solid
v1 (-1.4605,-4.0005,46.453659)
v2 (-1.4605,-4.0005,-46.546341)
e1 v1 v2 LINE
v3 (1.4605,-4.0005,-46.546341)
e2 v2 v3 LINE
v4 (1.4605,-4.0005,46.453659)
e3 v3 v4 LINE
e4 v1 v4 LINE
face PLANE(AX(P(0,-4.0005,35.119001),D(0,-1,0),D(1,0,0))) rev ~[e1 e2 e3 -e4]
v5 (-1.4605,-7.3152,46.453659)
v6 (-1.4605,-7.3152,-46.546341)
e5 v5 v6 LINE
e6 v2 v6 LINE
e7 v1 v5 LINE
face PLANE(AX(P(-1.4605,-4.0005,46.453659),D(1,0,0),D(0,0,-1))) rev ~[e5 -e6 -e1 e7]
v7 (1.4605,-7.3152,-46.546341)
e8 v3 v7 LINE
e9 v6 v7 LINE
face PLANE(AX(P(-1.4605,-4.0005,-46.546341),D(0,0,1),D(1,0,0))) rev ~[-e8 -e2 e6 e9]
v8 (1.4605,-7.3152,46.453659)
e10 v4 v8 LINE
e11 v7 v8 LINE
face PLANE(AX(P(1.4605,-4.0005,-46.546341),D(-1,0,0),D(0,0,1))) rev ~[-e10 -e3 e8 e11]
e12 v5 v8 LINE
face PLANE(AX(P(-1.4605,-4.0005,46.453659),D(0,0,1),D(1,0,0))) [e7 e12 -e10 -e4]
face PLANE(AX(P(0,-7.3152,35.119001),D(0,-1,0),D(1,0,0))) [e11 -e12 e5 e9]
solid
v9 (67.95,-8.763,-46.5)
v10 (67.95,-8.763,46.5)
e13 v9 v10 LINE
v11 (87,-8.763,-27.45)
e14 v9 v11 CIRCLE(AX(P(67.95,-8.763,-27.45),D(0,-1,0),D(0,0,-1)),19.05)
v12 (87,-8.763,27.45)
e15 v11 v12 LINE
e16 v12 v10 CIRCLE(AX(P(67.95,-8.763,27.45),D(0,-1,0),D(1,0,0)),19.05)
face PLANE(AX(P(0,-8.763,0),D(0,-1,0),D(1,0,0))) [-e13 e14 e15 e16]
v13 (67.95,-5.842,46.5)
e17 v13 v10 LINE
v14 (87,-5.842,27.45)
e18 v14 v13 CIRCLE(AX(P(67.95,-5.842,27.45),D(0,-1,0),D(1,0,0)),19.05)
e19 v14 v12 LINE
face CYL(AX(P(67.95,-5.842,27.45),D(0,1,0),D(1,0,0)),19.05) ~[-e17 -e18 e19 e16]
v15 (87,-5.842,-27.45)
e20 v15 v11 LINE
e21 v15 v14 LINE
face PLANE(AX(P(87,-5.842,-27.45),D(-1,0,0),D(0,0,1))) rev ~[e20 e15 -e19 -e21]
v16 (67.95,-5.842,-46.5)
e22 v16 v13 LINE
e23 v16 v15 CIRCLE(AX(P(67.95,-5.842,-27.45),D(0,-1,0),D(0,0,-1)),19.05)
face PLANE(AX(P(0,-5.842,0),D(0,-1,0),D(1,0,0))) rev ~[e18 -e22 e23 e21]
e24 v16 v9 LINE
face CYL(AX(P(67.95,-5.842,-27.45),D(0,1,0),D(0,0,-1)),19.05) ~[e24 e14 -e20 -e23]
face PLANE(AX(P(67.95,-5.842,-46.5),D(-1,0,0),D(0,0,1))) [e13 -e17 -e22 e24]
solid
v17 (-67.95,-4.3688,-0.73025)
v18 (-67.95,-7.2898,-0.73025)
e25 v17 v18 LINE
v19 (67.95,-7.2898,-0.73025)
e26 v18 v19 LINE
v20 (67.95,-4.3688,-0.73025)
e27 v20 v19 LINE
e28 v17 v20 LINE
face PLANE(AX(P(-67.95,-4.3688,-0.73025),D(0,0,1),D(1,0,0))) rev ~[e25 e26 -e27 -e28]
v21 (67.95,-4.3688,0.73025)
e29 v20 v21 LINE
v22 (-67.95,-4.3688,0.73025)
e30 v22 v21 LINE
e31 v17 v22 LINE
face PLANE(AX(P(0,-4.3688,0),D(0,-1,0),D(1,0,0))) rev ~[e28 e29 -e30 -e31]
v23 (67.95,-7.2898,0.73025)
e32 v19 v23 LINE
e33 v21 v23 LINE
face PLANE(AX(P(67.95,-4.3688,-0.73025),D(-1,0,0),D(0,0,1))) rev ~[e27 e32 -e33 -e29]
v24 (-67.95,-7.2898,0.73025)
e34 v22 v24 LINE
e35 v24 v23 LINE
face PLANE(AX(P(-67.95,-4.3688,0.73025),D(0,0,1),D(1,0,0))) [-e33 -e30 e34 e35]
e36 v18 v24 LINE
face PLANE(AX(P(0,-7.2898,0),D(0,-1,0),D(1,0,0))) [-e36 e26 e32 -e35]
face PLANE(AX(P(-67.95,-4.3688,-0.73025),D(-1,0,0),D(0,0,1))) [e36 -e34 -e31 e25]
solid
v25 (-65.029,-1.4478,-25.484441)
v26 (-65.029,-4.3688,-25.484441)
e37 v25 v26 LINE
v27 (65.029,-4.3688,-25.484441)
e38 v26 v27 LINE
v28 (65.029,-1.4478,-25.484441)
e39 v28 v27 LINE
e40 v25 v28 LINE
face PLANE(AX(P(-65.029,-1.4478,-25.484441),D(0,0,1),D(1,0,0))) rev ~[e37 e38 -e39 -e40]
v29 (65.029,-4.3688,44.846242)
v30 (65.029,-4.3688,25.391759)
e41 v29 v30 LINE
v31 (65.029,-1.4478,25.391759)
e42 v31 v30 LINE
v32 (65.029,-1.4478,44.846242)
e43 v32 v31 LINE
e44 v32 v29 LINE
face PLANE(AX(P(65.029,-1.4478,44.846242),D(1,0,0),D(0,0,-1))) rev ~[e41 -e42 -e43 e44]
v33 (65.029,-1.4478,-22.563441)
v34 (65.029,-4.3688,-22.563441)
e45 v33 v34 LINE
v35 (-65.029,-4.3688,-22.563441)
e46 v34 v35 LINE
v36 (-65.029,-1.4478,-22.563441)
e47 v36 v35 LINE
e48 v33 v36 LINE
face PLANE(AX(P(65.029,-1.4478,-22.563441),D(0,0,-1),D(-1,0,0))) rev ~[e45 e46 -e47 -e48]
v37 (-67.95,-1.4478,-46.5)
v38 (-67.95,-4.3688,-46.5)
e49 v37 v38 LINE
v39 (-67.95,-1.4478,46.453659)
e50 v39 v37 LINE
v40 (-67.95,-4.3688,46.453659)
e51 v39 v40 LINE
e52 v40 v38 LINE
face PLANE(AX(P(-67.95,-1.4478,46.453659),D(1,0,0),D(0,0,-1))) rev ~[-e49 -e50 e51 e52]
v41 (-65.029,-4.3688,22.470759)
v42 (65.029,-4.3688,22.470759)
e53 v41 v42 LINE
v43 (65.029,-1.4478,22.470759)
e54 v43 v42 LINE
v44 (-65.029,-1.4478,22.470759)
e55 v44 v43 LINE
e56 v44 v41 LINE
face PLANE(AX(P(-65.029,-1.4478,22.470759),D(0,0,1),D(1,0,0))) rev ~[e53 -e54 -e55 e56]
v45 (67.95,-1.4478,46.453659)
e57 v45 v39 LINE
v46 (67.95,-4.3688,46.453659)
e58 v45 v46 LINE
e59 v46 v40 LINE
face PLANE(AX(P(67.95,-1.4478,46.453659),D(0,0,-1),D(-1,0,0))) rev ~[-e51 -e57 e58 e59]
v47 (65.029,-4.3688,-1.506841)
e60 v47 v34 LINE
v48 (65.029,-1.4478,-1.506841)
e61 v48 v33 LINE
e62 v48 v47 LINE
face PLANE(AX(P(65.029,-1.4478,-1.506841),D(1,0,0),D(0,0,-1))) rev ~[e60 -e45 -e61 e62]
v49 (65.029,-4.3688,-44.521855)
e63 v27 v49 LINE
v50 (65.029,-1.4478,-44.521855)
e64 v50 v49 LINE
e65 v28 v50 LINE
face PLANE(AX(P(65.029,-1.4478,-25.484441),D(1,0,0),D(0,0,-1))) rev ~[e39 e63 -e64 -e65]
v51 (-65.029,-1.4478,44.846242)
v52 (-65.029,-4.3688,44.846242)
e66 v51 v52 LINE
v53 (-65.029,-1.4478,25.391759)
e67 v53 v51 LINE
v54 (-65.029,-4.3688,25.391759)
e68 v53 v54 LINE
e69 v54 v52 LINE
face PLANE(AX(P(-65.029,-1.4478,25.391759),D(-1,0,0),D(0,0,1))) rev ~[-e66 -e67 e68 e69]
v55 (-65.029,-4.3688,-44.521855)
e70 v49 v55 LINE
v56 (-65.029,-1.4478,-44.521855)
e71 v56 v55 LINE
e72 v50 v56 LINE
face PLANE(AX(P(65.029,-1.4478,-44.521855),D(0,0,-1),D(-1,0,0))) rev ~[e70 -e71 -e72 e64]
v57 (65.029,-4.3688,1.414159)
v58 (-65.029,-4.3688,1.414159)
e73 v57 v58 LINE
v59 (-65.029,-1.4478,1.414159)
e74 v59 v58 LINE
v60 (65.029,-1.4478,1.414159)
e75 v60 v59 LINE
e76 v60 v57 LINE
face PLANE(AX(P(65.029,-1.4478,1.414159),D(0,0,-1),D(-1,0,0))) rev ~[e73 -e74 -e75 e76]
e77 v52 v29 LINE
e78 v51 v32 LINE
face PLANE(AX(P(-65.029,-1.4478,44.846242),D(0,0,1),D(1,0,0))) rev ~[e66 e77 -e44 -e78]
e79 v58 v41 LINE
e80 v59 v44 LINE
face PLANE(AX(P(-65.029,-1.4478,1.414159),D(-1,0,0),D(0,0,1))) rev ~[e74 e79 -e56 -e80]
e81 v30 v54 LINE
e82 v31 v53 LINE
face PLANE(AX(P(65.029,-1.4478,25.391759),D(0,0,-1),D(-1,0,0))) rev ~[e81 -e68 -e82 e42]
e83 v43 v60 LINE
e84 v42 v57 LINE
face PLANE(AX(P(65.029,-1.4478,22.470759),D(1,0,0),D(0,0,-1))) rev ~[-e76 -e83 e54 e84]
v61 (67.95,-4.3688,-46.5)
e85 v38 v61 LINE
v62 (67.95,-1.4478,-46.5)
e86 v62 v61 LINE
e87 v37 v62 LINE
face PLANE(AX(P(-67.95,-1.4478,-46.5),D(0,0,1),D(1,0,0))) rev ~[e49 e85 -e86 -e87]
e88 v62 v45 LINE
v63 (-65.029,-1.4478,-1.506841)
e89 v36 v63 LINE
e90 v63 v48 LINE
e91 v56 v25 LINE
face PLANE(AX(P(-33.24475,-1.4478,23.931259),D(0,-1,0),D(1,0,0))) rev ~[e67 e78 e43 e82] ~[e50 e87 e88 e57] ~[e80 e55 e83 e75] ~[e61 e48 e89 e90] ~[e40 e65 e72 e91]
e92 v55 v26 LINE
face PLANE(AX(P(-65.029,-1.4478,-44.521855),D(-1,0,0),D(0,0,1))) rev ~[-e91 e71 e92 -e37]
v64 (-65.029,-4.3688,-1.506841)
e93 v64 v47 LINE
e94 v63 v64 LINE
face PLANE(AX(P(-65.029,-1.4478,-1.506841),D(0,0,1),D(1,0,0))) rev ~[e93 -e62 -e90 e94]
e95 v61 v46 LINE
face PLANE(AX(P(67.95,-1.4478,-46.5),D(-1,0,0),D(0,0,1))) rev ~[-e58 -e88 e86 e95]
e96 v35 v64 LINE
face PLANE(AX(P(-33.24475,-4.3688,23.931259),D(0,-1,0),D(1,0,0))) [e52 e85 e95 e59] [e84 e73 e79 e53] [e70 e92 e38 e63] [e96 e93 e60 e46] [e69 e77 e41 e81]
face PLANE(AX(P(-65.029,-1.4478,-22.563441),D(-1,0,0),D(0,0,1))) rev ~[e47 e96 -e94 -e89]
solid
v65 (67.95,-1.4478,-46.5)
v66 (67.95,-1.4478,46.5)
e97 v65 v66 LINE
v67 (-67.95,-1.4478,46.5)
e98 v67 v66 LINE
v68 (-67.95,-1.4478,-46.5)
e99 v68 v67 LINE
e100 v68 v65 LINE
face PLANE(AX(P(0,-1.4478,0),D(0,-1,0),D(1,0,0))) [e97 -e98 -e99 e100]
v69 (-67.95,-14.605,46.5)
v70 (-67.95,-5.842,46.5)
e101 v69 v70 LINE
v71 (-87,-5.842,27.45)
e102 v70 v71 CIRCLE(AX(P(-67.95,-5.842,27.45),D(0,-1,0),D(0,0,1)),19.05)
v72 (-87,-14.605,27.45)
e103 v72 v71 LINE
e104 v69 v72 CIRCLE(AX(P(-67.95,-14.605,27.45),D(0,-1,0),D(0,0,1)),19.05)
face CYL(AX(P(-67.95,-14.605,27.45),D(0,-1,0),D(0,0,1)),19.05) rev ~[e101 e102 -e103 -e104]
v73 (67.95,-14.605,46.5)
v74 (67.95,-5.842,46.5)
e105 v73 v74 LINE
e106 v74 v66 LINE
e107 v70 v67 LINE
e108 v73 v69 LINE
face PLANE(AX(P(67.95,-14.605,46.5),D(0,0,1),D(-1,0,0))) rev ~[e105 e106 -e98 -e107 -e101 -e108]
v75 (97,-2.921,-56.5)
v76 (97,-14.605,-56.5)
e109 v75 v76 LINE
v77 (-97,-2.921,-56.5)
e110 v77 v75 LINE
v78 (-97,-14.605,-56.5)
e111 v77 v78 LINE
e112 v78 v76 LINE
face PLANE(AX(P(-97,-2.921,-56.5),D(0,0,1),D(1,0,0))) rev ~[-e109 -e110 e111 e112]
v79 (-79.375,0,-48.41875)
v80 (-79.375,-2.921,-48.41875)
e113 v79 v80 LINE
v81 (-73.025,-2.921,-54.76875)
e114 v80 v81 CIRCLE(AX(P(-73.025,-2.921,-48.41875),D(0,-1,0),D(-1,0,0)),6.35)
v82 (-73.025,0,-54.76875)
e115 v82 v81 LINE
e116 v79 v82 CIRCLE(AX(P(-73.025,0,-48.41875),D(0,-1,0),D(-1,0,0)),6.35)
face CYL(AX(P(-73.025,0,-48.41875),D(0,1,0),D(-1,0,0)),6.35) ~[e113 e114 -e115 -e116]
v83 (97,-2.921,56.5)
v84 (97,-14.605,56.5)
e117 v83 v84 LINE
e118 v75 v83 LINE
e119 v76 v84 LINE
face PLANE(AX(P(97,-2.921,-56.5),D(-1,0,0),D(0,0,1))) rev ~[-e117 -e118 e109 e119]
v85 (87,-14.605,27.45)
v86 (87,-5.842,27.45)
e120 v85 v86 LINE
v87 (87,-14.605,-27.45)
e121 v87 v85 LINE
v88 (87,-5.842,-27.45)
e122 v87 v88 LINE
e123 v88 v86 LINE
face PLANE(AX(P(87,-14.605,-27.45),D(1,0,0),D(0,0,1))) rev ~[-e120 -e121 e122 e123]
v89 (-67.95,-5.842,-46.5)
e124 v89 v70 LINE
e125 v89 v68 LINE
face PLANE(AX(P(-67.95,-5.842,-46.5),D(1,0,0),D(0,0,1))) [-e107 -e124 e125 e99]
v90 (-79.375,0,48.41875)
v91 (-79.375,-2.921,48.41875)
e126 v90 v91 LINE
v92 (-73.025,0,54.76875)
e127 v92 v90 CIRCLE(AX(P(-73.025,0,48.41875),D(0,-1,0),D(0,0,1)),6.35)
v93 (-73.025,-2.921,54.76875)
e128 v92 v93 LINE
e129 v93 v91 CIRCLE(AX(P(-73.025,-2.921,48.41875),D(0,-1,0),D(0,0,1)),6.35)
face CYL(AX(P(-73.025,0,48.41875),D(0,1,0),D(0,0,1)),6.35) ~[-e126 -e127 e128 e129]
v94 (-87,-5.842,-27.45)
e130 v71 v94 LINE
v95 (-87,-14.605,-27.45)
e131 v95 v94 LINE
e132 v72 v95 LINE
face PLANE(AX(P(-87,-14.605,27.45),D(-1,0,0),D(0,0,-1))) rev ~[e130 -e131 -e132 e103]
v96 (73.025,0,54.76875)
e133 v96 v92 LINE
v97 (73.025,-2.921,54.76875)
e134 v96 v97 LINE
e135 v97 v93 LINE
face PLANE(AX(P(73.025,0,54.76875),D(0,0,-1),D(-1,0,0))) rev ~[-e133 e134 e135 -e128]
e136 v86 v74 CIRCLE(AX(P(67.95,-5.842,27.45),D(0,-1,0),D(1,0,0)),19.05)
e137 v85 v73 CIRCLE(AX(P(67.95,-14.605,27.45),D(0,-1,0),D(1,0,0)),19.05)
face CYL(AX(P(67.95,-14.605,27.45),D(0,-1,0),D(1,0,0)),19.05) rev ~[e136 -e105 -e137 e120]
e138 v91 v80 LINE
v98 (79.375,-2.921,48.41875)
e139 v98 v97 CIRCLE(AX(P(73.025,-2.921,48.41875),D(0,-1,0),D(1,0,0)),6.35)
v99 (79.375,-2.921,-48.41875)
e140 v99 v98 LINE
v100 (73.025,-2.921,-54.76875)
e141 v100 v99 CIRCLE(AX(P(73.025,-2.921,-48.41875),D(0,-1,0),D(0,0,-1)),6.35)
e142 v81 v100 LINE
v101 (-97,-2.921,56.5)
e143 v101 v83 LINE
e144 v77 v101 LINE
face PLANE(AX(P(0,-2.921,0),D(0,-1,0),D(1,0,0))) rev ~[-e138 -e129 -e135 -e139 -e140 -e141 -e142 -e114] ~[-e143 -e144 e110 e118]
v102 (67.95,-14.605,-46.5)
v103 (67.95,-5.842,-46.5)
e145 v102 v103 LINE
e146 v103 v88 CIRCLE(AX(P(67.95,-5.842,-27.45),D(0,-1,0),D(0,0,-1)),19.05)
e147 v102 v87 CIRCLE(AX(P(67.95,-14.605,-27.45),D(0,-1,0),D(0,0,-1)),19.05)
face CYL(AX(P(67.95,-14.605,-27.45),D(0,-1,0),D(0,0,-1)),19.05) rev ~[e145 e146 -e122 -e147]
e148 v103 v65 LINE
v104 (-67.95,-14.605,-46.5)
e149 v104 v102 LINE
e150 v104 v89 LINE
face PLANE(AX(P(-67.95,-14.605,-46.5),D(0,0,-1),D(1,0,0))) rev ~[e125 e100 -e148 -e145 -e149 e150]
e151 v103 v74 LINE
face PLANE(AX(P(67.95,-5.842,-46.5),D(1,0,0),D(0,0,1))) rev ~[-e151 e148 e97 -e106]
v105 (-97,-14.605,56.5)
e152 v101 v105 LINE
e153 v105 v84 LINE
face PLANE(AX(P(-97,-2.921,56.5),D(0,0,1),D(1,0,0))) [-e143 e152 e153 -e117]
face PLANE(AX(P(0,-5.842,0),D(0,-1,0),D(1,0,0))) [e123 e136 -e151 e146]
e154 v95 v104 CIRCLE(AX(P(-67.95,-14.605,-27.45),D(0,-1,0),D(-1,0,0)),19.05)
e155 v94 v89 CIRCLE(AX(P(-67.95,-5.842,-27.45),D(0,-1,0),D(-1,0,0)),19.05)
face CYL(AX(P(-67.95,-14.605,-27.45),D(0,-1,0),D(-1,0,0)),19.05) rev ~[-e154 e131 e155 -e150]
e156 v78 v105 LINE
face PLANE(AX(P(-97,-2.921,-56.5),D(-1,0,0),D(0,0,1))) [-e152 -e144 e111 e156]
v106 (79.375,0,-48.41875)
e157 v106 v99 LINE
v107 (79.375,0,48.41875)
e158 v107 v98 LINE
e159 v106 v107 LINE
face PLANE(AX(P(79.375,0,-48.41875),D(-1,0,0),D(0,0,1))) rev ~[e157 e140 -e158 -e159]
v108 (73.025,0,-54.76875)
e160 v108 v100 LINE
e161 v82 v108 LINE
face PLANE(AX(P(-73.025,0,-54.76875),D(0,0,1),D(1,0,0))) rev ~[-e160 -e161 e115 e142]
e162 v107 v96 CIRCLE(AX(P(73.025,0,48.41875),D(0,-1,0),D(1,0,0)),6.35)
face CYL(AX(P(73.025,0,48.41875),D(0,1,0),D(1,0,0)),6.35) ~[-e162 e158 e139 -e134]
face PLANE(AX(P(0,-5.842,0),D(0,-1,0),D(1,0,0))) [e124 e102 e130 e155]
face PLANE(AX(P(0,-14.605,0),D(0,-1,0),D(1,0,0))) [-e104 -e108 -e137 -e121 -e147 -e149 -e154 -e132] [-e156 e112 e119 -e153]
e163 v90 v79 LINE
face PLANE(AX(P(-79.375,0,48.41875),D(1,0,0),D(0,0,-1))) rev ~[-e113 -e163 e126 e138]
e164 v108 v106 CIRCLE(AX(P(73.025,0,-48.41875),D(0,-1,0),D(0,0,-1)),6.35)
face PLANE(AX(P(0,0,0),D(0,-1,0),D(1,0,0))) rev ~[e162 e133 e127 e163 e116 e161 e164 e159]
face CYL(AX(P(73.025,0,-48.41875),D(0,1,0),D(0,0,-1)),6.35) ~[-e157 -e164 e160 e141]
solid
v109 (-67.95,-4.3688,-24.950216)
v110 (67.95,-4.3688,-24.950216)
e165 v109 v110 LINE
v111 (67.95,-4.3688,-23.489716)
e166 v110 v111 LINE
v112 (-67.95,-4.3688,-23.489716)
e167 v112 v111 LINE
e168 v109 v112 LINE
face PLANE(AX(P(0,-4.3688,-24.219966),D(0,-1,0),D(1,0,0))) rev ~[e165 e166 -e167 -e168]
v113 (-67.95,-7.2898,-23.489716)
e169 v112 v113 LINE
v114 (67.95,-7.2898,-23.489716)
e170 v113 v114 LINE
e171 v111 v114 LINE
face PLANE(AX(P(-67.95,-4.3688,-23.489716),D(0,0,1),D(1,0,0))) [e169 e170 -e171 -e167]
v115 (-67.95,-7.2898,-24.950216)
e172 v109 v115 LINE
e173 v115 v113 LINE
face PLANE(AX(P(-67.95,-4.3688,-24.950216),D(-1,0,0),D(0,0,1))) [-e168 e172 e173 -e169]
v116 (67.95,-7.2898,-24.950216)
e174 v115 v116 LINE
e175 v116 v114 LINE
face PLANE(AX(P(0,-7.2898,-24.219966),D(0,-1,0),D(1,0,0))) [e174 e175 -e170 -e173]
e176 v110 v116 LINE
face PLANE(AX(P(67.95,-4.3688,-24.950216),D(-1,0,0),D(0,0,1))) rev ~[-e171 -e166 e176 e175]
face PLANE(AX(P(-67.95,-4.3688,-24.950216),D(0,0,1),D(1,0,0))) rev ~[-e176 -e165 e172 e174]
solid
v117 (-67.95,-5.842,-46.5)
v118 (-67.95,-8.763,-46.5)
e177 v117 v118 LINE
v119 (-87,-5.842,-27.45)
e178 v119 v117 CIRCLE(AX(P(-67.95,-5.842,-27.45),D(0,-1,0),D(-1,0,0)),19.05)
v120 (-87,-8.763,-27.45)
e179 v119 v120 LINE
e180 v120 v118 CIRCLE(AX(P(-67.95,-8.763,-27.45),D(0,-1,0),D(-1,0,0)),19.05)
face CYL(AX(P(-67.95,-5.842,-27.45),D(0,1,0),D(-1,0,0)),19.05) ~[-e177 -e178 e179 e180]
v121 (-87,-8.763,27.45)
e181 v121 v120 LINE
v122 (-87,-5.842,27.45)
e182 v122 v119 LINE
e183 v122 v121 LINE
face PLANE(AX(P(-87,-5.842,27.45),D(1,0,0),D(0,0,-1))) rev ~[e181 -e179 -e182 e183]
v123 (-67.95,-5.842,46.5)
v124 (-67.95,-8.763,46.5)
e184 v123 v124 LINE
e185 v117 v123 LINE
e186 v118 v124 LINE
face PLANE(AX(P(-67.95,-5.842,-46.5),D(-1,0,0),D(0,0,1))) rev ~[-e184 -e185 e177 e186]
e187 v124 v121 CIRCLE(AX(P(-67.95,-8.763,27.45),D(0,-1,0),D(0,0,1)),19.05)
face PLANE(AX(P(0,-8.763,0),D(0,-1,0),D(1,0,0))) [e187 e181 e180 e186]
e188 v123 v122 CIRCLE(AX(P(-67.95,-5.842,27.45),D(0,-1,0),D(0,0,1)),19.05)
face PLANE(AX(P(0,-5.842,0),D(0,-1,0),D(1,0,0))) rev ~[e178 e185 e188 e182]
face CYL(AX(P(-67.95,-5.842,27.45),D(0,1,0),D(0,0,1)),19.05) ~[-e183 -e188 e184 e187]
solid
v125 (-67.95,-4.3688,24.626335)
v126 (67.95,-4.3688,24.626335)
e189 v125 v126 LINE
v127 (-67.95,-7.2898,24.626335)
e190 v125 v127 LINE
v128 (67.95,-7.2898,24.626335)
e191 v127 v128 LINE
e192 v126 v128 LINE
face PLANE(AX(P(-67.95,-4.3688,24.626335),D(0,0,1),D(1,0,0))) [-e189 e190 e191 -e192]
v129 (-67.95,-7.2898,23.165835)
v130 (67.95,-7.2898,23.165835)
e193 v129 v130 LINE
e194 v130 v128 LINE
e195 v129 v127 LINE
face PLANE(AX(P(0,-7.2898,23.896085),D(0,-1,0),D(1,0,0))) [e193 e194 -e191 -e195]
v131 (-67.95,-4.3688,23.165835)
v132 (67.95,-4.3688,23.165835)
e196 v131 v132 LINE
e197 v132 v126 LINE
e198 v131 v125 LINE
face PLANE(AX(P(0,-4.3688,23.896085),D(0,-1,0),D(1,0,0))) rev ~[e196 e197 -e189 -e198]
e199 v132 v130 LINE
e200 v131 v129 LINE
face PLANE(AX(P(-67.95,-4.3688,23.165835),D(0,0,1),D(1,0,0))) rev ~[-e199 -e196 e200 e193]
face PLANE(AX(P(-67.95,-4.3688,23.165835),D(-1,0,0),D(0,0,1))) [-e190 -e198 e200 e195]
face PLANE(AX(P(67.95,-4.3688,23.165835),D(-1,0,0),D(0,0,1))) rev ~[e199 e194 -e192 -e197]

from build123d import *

# Parameters (mm, degrees)
F1_DEPTH  = 2.921
F2_W      = 194
F2_H      = 113
F3_DEPTH  = 11.684
F5_DEPTH  = 8.763
F6_W      = 135.9
F6_H      = 93
F7_DEPTH  = 4.3942
F9_W      = 2.921
F9_H      = 19.4544830424
F9_H_2    = 21.0566
F9_H_3    = 19.0374144417
F9_H_4    = 2.921
F9_H_5    = 1.6074169576
F9_H_6    = 2.0244855583
F10_DEPTH = 3.3147
F11_W     = 63.5685
F11_H     = 2.921
F11_H_2   = 1.9781446026
F11_W_2   = 2.921
F11_H_3   = 1.6074169576
F12_DEPTH = 2.921
F13_W     = 135.9
F13_H     = 1.4605
F14_DEPTH = 2.921
F15_DEPTH = 2.921


with BuildPart() as f1:
    # F0 (on Front) → F1 (new body)
    with BuildSketch(Plane.XZ):
        with BuildLine():
            ThreePointArc((79.375, 48.41875), (77.5151280605, 52.9088780605), (73.025, 54.76875))
            Line((73.025, 54.76875), (-73.025, 54.76875))
            ThreePointArc((-73.025, 54.76875), (-77.5151280605, 52.9088780605), (-79.375, 48.41875))
            Line((-79.375, 48.41875), (-79.375, -48.41875))
            ThreePointArc((-79.375, -48.41875), (-77.5151280605, -52.9088780605), (-73.025, -54.76875))
            Line((-73.025, -54.76875), (73.025, -54.76875))
            ThreePointArc((73.025, -54.76875), (77.5151280605, -52.9088780605), (79.375, -48.41875))
            Line((79.375, -48.41875), (79.375, 48.41875))
        make_face()
    extrude(amount=F1_DEPTH)

    # F2 (on face) → F3 (join)
    with BuildSketch(Plane.XZ.offset(2.921)):
        Rectangle(F2_W, F2_H)
    extrude(amount=F3_DEPTH)

    # F4 (on face) → F5 (cut)
    with BuildSketch(Plane.XZ.offset(14.605)):
        with BuildLine():
            Line((67.95, 46.5), (-67.95, 46.5))
            ThreePointArc((-67.95, 46.5), (-81.4203841816, 40.9203841816), (-87, 27.45))
            Line((-87, 27.45), (-87, -27.45))
            ThreePointArc((-87, -27.45), (-81.4203841816, -40.9203841816), (-67.95, -46.5))
            Line((-67.95, -46.5), (67.95, -46.5))
            ThreePointArc((67.95, -46.5), (81.4203841816, -40.9203841816), (87, -27.45))
            Line((87, -27.45), (87, 27.45))
            ThreePointArc((87, 27.45), (81.4203841816, 40.9203841816), (67.95, 46.5))
        make_face()
    extrude(amount=-F5_DEPTH, mode=Mode.SUBTRACT)

    # F6 (on face) → F7 (cut)
    with BuildSketch(Plane.XZ.offset(5.842)):
        Rectangle(F6_W, F6_H)
    extrude(amount=-F7_DEPTH, mode=Mode.SUBTRACT)


with BuildPart() as f10:
    # F9 (on offset) → F10 (new body)
    with BuildSketch(Plane.XZ.offset(4.0005)):
        with Locations((0, 35.1190005656)):
            Rectangle(F9_W, F9_H)
        with Locations((0, 11.9424590444)):
            Rectangle(F9_W, F9_H_2)
        with Locations((0, -12.0351409556)):
            Rectangle(F9_W, F9_H_2)
        with Locations((0, -35.0031481765)):
            Rectangle(F9_W, F9_H_3)
        with Locations((0, 23.9312590444)):
            Rectangle(F9_W, F9_H_4)
        with Locations((0, -0.0463409556)):
            Rectangle(F9_W, F9_H_4)
        with Locations((0, -24.0239409556)):
            Rectangle(F9_W, F9_H_4)
        with Locations((0, 45.6499505656)):
            Rectangle(F9_W, F9_H_5)
        with Locations((0, -45.5340981765)):
            Rectangle(F9_W, F9_H_6)
    extrude(amount=F10_DEPTH)


with BuildPart() as f12:
    # F11 (on face) → F12 (new body)
    with BuildSketch(Plane.XZ.offset(1.4478)):
        with Locations((-33.24475, 23.9312590444)):
            Rectangle(F11_W, F11_H)
        with Locations((-33.24475, -0.0463409556)):
            Rectangle(F11_W, F11_H)
        with Locations((-33.24475, -24.0239409556)):
            Rectangle(F11_W, F11_H)
        with Locations((-33.24475, -45.5109276987)):
            Rectangle(F11_W, F11_H_2)
        with Locations((-66.4895, -45.5109276987)):
            Rectangle(F11_W_2, F11_H_2)
        with Locations((0, -45.5109276987)):
            Rectangle(F11_W_2, F11_H_2)
        with Locations((33.24475, -45.5109276987)):
            Rectangle(F11_W, F11_H_2)
        with Locations((33.24475, -24.0239409556)):
            Rectangle(F11_W, F11_H)
        with Locations((33.24475, -0.0463409556)):
            Rectangle(F11_W, F11_H)
        with Locations((33.24475, 23.9312590444)):
            Rectangle(F11_W, F11_H)
        Polygon((67.95, 44.8462420868), (65.029, 44.8462420868), (65.029, 25.3917590444), (65.029, 22.4707590444), (65.029, 1.4141590444), (65.029, -1.5068409556), (65.029, -22.5634409556), (65.029, -25.4844409556), (65.029, -44.5218553974), (67.95, -44.5218553974), align=None)
        with Locations((33.24475, 45.6499505656)):
            Rectangle(F11_W, F11_H_3)
        with Locations((-33.24475, 45.6499505656)):
            Rectangle(F11_W, F11_H_3)
        with Locations((0, 23.9312590444)):
            Rectangle(F11_W_2, F11_H)
        with Locations((0, 45.6499505656)):
            Rectangle(F11_W_2, F11_H_3)
        with Locations((0, -0.0463409556)):
            Rectangle(F11_W_2, F11_H)
        with Locations((0, -24.0239409556)):
            Rectangle(F11_W_2, F11_H)
        with Locations((66.4895, -45.5109276987)):
            Rectangle(F11_W_2, F11_H_2)
        with Locations((66.4895, 45.6499505656)):
            Rectangle(F11_W_2, F11_H_3)
        with Locations((-66.4895, 45.6499505656)):
            Rectangle(F11_W_2, F11_H_3)
        Polygon((-65.029, 25.3917590444), (-65.029, 44.8462420868), (-67.95, 44.8462420868), (-67.95, -44.5218553974), (-65.029, -44.5218553974), (-65.029, -25.4844409556), (-65.029, -22.5634409556), (-65.029, -1.5068409556), (-65.029, 1.4141590444), (-65.029, 22.4707590444), align=None)
    extrude(amount=F12_DEPTH)


with BuildPart() as f14:
    # F13 (on face) → F14 (new body)
    with BuildSketch(Plane.XZ.offset(4.3688)):
        with Locations((0, 23.8960850984)):
            Rectangle(F13_W, F13_H)
    extrude(amount=F14_DEPTH)


with BuildPart() as f14b:
    # F13 (on face) → F14, piece 2 (new body)
    with BuildSketch(Plane.XZ.offset(4.3688)):
        Rectangle(F13_W, F13_H)
    extrude(amount=F14_DEPTH)


with BuildPart() as f14c:
    # F13 (on face) → F14, piece 3 (new body)
    with BuildSketch(Plane.XZ.offset(4.3688)):
        with Locations((0, -24.2199655622)):
            Rectangle(F13_W, F13_H)
    extrude(amount=F14_DEPTH)


with BuildPart() as f15:
    # F15 (new): a face of the model
    f15_faces = [f1.part.faces().sort_by_distance(p)[0] for p in [
        (-76.9670290883, -5.842, 0),
    ]]
    extrude(f15_faces, amount=F15_DEPTH)


with BuildPart() as f15b:
    # F15#2 (new): a face of the model
    f15_2_faces = [f1.part.faces().sort_by_distance(p)[0] for p in [
        (76.9670290883, -5.842, 0),
    ]]
    extrude(f15_2_faces, amount=F15_DEPTH)


solid = Compound([f1.part, f10.part, f12.part, f14.part, f14b.part, f14c.part, f15.part, f15b.part])
